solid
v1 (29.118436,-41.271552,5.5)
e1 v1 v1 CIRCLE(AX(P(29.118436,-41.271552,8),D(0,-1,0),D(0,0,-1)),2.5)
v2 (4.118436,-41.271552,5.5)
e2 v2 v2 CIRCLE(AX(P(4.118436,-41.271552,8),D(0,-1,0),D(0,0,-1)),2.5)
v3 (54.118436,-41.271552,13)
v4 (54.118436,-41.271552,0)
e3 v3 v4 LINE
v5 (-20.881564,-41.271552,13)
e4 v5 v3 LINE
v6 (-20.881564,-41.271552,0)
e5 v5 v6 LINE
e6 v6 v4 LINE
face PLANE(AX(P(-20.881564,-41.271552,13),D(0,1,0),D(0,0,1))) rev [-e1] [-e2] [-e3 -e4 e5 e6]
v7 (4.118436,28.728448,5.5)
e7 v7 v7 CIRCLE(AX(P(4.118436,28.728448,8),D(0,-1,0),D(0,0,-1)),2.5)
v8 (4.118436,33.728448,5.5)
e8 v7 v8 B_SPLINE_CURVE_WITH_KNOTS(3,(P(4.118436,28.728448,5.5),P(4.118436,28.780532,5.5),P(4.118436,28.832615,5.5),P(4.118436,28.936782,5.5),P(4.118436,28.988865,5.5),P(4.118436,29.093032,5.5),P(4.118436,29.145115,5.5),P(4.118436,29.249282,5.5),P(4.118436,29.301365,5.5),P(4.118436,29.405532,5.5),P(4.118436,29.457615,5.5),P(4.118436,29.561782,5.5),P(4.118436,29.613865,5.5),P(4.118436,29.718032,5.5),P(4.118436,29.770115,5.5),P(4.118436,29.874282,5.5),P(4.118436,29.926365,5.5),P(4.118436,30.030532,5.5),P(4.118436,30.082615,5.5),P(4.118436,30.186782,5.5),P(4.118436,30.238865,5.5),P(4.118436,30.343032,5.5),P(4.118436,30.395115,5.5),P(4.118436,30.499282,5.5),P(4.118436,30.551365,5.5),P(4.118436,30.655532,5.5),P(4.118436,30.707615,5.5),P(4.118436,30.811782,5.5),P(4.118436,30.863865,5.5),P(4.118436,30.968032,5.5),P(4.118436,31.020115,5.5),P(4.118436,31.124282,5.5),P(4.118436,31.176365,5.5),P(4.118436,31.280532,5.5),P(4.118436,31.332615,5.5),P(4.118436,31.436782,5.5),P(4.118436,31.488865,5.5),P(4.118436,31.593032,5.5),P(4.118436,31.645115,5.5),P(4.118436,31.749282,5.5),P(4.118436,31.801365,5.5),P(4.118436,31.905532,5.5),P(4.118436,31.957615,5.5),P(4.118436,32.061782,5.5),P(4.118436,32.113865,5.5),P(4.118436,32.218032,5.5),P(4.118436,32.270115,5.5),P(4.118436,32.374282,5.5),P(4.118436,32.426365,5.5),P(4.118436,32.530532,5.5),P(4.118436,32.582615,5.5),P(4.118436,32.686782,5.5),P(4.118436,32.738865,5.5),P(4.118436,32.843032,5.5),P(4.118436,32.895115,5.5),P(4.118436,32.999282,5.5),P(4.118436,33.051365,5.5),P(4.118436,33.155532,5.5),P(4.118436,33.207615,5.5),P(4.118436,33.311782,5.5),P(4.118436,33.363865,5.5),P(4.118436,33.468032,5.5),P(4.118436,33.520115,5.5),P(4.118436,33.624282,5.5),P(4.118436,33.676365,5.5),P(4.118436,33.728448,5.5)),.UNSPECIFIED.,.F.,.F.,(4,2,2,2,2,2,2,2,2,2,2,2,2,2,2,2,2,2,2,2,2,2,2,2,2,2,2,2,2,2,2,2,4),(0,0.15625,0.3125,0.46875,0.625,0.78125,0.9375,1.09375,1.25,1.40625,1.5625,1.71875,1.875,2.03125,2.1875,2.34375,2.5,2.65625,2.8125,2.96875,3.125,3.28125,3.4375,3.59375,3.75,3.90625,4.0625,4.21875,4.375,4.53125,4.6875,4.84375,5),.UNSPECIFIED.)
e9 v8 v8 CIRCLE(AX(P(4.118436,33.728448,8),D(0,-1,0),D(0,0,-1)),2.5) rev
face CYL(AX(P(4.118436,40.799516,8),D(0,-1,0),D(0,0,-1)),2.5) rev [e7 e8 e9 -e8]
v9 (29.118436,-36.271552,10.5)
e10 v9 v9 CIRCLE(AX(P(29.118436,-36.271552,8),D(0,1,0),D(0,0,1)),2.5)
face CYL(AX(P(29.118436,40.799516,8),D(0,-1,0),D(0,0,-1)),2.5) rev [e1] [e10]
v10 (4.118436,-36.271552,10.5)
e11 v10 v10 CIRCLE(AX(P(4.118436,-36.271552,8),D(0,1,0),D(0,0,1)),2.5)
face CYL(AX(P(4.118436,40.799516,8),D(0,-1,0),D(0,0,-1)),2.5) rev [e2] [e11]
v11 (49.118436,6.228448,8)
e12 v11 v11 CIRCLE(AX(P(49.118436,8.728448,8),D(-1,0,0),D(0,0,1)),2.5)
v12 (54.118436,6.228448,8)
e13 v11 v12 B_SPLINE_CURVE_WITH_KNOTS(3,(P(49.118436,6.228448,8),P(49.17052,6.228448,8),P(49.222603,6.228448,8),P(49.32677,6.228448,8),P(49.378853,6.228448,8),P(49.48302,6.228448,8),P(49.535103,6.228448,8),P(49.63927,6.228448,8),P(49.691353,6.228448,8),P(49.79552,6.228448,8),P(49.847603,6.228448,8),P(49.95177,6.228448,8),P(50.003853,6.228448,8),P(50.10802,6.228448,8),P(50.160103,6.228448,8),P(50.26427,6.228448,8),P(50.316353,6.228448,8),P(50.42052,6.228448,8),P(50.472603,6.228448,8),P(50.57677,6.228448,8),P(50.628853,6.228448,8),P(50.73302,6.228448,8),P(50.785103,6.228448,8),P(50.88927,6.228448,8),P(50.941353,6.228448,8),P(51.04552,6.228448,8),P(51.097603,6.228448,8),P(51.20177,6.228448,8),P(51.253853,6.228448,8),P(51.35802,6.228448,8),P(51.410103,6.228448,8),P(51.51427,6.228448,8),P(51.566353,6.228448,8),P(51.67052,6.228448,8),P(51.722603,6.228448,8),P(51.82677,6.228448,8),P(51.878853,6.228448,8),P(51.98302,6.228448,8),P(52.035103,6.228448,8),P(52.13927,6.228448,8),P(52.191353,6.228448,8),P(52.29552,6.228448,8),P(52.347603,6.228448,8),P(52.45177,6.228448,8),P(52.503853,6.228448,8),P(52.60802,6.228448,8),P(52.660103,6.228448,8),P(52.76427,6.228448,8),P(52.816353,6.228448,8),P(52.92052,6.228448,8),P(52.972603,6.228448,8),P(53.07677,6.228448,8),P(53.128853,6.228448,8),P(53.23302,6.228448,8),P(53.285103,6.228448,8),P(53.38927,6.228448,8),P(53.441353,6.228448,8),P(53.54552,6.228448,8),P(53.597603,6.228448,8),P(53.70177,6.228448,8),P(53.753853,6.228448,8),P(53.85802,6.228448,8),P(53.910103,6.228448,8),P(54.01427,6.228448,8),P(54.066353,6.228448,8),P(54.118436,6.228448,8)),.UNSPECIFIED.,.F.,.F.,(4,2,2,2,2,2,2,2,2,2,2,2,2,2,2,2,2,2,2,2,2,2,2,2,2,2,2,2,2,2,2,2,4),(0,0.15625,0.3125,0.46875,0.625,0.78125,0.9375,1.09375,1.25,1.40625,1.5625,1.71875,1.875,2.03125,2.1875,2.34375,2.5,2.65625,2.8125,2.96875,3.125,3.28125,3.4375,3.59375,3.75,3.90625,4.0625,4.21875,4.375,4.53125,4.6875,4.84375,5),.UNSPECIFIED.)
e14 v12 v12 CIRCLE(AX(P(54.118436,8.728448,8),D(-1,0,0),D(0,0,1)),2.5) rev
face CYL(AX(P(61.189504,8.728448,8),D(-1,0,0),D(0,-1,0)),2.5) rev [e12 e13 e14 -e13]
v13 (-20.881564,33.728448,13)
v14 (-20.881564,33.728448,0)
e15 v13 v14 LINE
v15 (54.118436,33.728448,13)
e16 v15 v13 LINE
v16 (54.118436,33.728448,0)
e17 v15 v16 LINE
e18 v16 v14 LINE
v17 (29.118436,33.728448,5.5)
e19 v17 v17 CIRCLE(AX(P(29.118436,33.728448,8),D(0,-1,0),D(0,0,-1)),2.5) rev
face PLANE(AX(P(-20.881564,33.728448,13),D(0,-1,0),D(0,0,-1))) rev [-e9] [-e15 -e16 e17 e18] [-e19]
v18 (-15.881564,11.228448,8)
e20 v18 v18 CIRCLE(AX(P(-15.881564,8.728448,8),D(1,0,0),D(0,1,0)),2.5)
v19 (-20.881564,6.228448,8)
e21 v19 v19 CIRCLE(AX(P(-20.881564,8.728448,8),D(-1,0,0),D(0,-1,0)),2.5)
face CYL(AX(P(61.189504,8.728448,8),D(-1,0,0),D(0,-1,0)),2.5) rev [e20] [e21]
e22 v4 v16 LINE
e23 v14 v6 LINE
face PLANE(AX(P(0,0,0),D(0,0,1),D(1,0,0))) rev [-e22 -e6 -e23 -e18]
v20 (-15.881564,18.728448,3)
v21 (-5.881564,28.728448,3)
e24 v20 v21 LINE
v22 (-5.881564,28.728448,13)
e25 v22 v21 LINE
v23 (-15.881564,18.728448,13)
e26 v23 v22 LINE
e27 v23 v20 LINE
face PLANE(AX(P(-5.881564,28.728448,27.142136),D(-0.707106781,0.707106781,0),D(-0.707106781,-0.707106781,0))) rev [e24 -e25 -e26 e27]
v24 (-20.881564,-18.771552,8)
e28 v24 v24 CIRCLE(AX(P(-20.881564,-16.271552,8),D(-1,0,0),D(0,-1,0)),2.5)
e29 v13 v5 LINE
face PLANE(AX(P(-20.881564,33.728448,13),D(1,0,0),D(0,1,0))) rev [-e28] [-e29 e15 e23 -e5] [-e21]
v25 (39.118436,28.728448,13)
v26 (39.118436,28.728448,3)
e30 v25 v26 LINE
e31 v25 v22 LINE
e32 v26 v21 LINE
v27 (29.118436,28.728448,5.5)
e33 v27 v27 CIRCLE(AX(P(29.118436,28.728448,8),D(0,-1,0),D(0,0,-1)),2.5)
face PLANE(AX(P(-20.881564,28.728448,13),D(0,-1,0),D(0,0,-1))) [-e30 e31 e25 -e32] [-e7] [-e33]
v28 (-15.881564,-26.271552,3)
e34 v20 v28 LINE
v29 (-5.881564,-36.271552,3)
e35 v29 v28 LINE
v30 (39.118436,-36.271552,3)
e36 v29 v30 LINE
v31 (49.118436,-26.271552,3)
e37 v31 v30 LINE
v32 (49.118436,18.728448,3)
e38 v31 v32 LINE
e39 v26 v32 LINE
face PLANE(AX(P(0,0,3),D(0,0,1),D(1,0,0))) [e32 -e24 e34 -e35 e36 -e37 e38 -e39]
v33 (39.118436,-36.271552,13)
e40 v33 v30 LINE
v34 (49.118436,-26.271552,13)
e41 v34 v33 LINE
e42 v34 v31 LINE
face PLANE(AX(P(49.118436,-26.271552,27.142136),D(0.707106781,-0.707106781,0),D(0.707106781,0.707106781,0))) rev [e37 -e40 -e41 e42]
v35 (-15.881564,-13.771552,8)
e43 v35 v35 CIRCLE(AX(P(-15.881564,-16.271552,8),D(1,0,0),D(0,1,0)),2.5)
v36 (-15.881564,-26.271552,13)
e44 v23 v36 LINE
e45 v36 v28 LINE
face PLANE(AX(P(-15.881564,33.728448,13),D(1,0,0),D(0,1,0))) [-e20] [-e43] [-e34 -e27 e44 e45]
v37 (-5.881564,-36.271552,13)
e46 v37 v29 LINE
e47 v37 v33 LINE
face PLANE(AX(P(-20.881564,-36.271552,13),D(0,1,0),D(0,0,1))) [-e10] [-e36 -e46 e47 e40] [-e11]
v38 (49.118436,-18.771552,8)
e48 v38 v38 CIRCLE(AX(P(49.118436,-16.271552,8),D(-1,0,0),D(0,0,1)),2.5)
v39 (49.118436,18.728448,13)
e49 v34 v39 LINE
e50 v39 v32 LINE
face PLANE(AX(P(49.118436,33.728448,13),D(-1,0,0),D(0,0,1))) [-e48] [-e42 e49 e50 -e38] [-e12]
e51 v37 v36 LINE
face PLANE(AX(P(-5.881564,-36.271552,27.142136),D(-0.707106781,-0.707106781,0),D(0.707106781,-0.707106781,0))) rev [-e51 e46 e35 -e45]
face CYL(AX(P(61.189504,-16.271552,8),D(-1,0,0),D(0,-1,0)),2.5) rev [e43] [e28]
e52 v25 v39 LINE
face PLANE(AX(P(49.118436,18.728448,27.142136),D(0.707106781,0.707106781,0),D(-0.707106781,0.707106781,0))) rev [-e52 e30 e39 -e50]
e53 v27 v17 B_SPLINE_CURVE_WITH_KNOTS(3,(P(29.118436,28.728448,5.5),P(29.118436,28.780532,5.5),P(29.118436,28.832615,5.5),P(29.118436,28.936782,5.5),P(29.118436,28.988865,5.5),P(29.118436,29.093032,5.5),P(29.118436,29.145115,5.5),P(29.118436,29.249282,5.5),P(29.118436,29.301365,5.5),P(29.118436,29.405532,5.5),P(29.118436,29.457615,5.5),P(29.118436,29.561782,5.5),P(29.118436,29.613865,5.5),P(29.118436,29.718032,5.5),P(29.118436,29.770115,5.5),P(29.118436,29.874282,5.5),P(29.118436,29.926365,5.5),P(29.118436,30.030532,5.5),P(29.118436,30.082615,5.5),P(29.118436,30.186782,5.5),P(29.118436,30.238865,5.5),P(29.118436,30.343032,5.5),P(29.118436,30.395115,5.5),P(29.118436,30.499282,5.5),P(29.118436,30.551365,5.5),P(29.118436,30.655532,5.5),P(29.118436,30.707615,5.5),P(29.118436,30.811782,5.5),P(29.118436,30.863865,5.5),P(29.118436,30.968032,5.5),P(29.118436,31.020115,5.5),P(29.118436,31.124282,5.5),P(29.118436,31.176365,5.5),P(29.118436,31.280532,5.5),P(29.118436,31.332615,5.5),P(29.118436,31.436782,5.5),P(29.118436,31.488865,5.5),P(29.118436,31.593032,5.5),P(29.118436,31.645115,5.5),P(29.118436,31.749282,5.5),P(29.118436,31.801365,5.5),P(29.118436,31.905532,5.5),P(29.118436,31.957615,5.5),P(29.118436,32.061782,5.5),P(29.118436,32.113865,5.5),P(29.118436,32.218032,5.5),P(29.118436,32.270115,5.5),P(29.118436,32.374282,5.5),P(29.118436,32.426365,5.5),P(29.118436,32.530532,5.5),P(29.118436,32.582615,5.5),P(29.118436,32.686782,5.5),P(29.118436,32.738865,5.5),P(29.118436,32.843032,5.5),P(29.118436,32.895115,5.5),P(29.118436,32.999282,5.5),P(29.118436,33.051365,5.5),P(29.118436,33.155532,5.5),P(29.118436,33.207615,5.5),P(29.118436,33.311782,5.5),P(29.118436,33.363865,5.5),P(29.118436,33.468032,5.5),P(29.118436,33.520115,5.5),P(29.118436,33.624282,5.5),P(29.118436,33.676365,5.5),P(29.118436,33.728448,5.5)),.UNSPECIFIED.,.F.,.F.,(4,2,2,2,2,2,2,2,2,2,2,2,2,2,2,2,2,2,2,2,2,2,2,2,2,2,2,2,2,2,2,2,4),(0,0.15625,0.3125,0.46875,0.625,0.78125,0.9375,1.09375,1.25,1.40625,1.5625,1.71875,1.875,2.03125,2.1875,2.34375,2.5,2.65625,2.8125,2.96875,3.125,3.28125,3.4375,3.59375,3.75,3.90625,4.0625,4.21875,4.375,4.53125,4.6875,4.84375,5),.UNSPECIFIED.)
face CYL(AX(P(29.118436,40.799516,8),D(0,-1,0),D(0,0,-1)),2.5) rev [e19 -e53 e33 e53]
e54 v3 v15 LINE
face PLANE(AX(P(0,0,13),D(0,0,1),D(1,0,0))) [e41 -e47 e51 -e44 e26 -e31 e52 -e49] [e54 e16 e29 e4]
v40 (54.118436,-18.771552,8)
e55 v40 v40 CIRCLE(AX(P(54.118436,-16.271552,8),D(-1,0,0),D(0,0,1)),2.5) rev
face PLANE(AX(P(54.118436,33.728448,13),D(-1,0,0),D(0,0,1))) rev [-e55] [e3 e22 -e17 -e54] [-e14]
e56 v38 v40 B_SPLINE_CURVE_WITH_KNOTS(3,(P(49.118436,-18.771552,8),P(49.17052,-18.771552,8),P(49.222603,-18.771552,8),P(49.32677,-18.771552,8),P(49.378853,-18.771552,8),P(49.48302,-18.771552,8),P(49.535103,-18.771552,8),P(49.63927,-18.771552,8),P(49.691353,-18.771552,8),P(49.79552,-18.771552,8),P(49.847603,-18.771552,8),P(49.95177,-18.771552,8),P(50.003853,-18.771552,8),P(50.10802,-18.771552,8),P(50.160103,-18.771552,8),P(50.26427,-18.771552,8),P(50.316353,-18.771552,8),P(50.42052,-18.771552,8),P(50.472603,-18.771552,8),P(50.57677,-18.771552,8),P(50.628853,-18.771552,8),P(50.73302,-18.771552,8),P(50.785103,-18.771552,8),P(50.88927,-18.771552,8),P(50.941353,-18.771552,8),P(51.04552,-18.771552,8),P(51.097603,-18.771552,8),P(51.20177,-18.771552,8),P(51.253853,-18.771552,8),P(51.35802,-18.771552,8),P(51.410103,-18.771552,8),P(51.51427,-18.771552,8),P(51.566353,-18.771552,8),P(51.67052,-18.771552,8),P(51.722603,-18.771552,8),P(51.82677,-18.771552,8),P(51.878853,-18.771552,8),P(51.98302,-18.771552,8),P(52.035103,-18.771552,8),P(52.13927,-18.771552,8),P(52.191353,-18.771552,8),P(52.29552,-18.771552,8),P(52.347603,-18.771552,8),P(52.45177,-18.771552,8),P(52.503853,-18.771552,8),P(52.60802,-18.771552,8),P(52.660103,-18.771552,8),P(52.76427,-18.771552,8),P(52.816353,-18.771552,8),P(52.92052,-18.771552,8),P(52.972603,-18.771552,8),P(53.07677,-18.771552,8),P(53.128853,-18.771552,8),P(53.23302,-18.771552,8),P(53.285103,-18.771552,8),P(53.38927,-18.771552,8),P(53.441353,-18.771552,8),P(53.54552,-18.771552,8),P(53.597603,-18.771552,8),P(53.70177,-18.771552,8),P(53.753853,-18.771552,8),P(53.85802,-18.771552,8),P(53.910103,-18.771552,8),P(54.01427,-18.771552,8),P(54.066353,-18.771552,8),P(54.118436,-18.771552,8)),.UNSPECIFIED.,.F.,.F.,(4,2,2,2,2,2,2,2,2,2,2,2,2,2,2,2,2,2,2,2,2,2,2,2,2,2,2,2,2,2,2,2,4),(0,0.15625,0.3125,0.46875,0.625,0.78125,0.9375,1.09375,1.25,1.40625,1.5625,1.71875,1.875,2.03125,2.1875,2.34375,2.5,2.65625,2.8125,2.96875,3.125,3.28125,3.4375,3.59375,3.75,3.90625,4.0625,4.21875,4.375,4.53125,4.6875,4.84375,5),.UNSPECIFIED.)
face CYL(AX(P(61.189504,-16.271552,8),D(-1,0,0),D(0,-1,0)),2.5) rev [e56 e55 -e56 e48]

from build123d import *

# Parameters (mm, degrees)
BOSS_EXTRU_1_DEPTH        = 13
COQUE1_T                  = -5
COQUE1_THICKNESS_2_FACE_W = 65
COQUE1_THICKNESS_2_FACE_H = 65
COQUE1_THICKNESS_2_DEPTH  = 2
ENL_V_MAT_EXTRU_1_REACH   = 88.587
ESQUISSE2_R               = 2.5
ENL_V_MAT_EXTRU_2_REACH   = 95.396
ESQUISSE3_R               = 2.5
BOSS_EXTRU_2_DEPTH        = 10


with BuildPart() as part:
    # Esquisse1 → Boss.-Extru.1 (new body)
    with BuildSketch(Plane.XY):
        Polygon((44.118436308, 33.728448276), (54.118436308, 33.728448276), (54.118436308, 23.728448276), (54.118436308, -41.271551724), (-20.881563692, -41.271551724), (-20.881563692, 33.728448276), align=None)
    extrude(amount=BOSS_EXTRU_1_DEPTH)

    # Coque1
    coque1_openings = [part.faces().sort_by_distance(p)[0] for p in [
        (16.618436308, -3.771551724, 13),
    ]]
    offset(amount=COQUE1_T, openings=coque1_openings, kind=Kind.INTERSECTION)

    # Coque1 thickness 2 face (on inner face of the shell) → Coque1 thickness 2 (cut)
    with BuildSketch(Plane(origin=(16.618436308, -3.771551724, 5), x_dir=(-1, 0, 0), z_dir=(0, 0, -1))):
        Rectangle(COQUE1_THICKNESS_2_FACE_W, COQUE1_THICKNESS_2_FACE_H)
    extrude(amount=COQUE1_THICKNESS_2_DEPTH, mode=Mode.SUBTRACT)

    # Enlèv. mat.-Extru.1: up to this face of the body (flat: up to its plane)
    enl_v_mat_extru_1_end = Plane(part.part.faces().sort_by_distance((54.118436308, -3.771551724, 6.5))[0])
    # Esquisse2 → Enlèv. mat.-Extru.1 (cut, up to the picked face)
    with BuildSketch(Plane.ZY.offset(20.881563692), mode=Mode.PRIVATE) as enl_v_mat_extru_1_sk1:
        with Locations(Location((8, -16.271551724, 0), (0, 0, 270))):
            Circle(ESQUISSE2_R)
    enl_v_mat_extru_1_tool1 = split(extrude(enl_v_mat_extru_1_sk1.sketch, amount=-ENL_V_MAT_EXTRU_1_REACH, mode=Mode.PRIVATE), bisect_by=enl_v_mat_extru_1_end, keep=Keep.BOTH, mode=Mode.PRIVATE)
    # Esquisse2 → Enlèv. mat.-Extru.1 (cut, up to the picked face)
    with BuildSketch(Plane.ZY.offset(20.881563692), mode=Mode.PRIVATE) as enl_v_mat_extru_1_sk2:
        with Locations(Location((8, 8.728448276, 0), (0, 0, 270))):
            Circle(ESQUISSE2_R)
    enl_v_mat_extru_1_tool2 = split(extrude(enl_v_mat_extru_1_sk2.sketch, amount=-ENL_V_MAT_EXTRU_1_REACH, mode=Mode.PRIVATE), bisect_by=enl_v_mat_extru_1_end, keep=Keep.BOTH, mode=Mode.PRIVATE)
    add(enl_v_mat_extru_1_tool1.solids().sort_by(Axis((-20.881564, -16.271552, 8), (1, 0, 0)))[0], mode=Mode.SUBTRACT)
    add(enl_v_mat_extru_1_tool2.solids().sort_by(Axis((-20.881564, 8.728448, 8), (1, 0, 0)))[0], mode=Mode.SUBTRACT)

    # Enlèv. mat.-Extru.2: up to this face of the body (flat: up to its plane)
    enl_v_mat_extru_2_end = Plane(part.part.faces().sort_by_distance((16.618436308, 33.728448276, 6.5))[0])
    # Esquisse3 → Enlèv. mat.-Extru.2 (cut, up to the picked face)
    with BuildSketch(Plane.XZ.offset(41.271551724), mode=Mode.PRIVATE) as enl_v_mat_extru_2_sk1:
        with Locations(Location((4.118436308, 8, 0), (0, 0, 270))):
            Circle(ESQUISSE3_R)
    enl_v_mat_extru_2_tool1 = split(extrude(enl_v_mat_extru_2_sk1.sketch, amount=-ENL_V_MAT_EXTRU_2_REACH, mode=Mode.PRIVATE), bisect_by=enl_v_mat_extru_2_end, keep=Keep.BOTH, mode=Mode.PRIVATE)
    # Esquisse3 → Enlèv. mat.-Extru.2 (cut, up to the picked face)
    with BuildSketch(Plane.XZ.offset(41.271551724), mode=Mode.PRIVATE) as enl_v_mat_extru_2_sk2:
        with Locations(Location((29.118436308, 8, 0), (0, 0, 270))):
            Circle(ESQUISSE3_R)
    enl_v_mat_extru_2_tool2 = split(extrude(enl_v_mat_extru_2_sk2.sketch, amount=-ENL_V_MAT_EXTRU_2_REACH, mode=Mode.PRIVATE), bisect_by=enl_v_mat_extru_2_end, keep=Keep.BOTH, mode=Mode.PRIVATE)
    add(enl_v_mat_extru_2_tool1.solids().sort_by(Axis((4.118436, -41.271552, 8), (0, 1, 0)))[0], mode=Mode.SUBTRACT)
    add(enl_v_mat_extru_2_tool2.solids().sort_by(Axis((29.118436, -41.271552, 8), (0, 1, 0)))[0], mode=Mode.SUBTRACT)

    # Esquisse4 → Boss.-Extru.2 (add)
    with BuildSketch(Plane.XY.offset(3)):
        Polygon((-5.881563692, 28.728448276), (-15.881563692, 18.728448276), (-15.881563692, 28.728448276), align=None)
        Polygon((49.118436308, 28.728448276), (49.118436308, 18.728448276), (39.118436308, 28.728448276), align=None)
        Polygon((49.118436308, -36.271551724), (49.118436308, -26.271551724), (39.118436308, -36.271551724), align=None)
        Polygon((-5.881563692, -36.271551724), (-15.881563692, -26.271551724), (-15.881563692, -36.271551724), align=None)
    extrude(amount=BOSS_EXTRU_2_DEPTH)


solid = part.part
